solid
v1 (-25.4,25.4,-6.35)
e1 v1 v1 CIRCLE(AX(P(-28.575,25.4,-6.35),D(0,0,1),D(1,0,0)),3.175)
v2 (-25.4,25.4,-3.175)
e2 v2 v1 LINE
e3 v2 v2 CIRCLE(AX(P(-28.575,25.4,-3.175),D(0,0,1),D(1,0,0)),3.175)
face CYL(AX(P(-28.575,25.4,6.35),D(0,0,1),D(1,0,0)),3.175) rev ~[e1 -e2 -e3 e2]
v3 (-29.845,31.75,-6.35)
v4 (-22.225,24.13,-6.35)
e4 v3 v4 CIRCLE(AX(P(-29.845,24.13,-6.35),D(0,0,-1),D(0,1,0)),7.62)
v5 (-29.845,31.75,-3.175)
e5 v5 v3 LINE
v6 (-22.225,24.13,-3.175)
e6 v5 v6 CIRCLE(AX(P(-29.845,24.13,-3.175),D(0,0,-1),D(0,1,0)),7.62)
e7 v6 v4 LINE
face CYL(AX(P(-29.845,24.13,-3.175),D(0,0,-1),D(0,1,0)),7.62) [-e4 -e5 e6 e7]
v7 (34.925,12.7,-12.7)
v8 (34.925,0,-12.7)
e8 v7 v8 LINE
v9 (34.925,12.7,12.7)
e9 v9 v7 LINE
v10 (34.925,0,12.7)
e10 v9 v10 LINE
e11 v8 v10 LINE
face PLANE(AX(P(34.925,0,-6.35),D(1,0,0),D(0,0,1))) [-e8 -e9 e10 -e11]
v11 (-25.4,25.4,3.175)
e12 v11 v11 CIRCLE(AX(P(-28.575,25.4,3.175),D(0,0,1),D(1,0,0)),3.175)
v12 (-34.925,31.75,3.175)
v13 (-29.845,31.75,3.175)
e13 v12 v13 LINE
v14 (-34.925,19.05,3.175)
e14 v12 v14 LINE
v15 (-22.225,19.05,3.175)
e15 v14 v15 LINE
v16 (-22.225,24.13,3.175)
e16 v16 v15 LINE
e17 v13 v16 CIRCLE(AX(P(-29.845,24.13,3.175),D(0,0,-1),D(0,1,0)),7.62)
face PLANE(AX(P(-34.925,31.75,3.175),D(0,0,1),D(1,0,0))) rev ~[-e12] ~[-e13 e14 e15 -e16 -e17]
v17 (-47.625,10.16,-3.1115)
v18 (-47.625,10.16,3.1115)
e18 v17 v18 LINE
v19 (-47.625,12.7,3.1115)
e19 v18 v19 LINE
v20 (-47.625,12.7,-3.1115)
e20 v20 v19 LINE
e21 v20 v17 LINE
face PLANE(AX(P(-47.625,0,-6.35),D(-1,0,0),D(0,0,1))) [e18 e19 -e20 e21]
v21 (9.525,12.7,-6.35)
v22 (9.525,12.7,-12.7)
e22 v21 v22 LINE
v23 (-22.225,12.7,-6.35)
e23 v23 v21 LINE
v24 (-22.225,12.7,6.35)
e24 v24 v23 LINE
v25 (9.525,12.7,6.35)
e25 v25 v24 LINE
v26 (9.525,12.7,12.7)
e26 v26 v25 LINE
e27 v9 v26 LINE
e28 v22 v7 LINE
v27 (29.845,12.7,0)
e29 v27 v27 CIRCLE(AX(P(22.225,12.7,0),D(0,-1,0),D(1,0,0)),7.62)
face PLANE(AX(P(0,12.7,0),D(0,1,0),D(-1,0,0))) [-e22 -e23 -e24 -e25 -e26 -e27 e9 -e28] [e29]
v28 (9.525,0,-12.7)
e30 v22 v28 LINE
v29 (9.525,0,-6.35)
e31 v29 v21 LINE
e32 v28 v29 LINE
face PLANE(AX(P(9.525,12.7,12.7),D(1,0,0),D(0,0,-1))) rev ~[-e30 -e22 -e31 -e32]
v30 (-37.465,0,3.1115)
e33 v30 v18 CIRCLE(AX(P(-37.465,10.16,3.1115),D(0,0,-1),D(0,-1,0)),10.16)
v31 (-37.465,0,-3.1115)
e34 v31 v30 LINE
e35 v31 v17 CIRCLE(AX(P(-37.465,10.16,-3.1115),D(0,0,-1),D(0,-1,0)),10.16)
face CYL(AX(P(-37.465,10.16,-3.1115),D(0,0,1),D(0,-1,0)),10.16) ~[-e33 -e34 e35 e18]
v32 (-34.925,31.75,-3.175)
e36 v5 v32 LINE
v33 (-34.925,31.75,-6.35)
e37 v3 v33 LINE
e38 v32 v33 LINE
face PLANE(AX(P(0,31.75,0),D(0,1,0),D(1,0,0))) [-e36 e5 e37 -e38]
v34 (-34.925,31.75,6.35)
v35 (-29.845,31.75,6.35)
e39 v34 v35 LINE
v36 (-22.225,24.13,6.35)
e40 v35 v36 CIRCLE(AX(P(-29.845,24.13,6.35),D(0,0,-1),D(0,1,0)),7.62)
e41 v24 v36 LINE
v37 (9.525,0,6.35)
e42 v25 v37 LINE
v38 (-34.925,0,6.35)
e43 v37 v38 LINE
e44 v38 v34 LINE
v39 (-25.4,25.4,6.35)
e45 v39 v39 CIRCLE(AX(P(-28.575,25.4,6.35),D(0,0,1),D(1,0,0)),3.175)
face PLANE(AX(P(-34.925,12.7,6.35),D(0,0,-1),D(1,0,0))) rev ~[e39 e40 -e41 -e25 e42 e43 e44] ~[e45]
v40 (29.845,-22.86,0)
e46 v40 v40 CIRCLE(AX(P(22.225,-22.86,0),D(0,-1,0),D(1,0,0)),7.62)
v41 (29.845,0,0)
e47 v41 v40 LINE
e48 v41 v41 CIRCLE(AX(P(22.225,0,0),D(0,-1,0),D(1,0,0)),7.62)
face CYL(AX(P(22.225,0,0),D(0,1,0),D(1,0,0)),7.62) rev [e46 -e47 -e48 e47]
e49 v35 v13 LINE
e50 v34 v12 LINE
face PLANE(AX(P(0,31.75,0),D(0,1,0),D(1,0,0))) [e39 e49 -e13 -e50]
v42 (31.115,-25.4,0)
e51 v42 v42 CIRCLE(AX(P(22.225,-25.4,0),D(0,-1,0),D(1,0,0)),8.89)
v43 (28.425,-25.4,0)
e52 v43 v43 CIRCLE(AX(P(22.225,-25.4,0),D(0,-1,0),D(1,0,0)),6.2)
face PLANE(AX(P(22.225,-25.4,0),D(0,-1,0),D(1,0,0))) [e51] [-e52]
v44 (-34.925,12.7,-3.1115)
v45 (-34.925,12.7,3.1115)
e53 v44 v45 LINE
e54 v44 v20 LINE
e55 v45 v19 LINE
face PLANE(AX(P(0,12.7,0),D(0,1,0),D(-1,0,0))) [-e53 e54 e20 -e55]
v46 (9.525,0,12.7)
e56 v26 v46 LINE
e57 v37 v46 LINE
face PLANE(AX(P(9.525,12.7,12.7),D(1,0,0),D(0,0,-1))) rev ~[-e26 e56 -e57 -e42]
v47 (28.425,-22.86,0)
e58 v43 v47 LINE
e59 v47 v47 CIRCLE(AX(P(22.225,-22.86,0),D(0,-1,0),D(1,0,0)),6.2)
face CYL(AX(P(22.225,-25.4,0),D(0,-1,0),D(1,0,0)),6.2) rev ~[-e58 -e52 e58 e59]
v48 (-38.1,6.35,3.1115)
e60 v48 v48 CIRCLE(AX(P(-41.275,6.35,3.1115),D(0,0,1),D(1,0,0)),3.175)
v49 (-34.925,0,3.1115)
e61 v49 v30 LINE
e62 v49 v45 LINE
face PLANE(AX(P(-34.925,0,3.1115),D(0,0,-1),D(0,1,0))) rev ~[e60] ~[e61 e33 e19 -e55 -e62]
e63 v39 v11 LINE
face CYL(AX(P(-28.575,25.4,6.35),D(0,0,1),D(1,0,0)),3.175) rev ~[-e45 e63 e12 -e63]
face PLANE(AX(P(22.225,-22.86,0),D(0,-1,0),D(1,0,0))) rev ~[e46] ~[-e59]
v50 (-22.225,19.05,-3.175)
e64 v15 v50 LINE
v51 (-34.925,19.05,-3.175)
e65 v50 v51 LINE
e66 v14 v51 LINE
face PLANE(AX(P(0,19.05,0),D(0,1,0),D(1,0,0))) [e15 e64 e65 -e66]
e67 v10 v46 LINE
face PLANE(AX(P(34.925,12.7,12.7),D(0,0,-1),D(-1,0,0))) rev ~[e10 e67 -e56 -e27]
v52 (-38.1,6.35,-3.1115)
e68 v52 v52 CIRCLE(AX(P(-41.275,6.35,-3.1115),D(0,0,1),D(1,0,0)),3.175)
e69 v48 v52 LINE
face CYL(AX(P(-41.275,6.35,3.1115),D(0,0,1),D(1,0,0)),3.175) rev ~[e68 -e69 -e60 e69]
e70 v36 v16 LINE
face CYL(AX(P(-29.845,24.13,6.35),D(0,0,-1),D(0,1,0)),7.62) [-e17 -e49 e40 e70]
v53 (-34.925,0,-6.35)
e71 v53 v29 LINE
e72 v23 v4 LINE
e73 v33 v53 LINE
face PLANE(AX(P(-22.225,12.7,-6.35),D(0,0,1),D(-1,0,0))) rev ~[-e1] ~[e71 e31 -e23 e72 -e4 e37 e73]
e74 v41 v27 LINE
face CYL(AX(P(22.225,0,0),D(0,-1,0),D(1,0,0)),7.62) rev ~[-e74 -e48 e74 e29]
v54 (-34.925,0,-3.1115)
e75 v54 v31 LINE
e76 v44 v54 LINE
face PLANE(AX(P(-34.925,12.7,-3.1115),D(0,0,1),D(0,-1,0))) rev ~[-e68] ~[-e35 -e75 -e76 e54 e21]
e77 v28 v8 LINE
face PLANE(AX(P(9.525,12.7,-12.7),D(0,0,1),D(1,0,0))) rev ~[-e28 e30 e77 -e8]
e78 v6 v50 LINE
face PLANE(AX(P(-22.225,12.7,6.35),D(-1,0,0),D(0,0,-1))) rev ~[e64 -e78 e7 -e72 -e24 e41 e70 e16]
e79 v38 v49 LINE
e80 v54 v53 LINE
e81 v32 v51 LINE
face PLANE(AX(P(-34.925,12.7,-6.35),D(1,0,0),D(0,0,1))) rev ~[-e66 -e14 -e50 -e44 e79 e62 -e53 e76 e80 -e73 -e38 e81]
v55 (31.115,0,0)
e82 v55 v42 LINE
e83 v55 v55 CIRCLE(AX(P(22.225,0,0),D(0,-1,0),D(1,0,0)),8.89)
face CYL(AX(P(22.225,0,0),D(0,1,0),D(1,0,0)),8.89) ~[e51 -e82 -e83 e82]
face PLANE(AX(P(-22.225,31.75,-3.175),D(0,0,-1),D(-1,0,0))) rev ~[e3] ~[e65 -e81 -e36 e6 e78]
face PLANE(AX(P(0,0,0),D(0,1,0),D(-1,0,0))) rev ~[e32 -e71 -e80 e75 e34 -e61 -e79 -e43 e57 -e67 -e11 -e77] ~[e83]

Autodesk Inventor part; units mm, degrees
ref_plane "YZ Plane" through (0, 0, 0) normal (1, 0, 0) x (0, 1, 0)
ref_plane "XZ Plane" through (0, 0, 0) normal (0, 1, 0) x (-1, 0, 0)
ref_plane "XY Plane" through (0, 0, 0) normal (0, 0, 1) x (1, 0, 0)
sketch "Sketch1" plane through (0, 0, 0) normal (0, 1, 0) x (-1, 0, 0)
  line L0 (-34.925, 6.35) -> (34.925, 6.35)
  line L1 (34.925, 6.35) -> (34.925, -6.35)
  line L2 (34.925, -6.35) -> (-34.925, -6.35)
  line L3 (-34.925, -6.35) -> (-34.925, 6.35)
  line L4 (-34.925, 6.35) -> (34.925, -6.35) construction
  line L5 (34.925, 6.35) -> (-34.925, -6.35) construction
  point P0 (0, 0)
  dimension "d0" = 69.85
  dimension "d1" = 12.7
extrude "Extrusion1" add sketch "Sketch1" along normal blind 12.7
sketch "Sketch2" plane through (-34.925, 0, -6.35) normal (-1, 0, 0) x (0, 0, 1)
  line L0 (0, 12.7) -> (12.7, 12.7) projected
  line L1 (3.2385, 0) -> (9.4615, 0)
  line L2 (9.4615, 0) -> (9.4615, 12.7)
  line L3 (9.4615, 12.7) -> (3.2385, 12.7)
  line L4 (3.2385, 12.7) -> (3.2385, 0)
  line L5 (3.2385, 0) -> (9.4615, 12.7) construction
  line L6 (9.4615, 0) -> (3.2385, 12.7) construction
  line L7 (12.7, 0) -> (12.7, 12.7) projected
  point P0 (6.35, 0)
  point P1 (6.35, 6.35)
  dimension "d4" = 6.223
  dimension "d5" = 12.7
  dimension "d6" = 3.2385
extrude "Extrusion2" add sketch "Sketch2" along normal blind 12.7
fillet "Fillet1" radius 10.16 1 edges at (-47.625, 0, 0)
sketch "Sketch3" plane through (-34.925, 0, 3.1115) normal (0, 0, 1) x (1, 0, 0)
  circle A0 centre (-6.35, 6.35) radius 3.175
  line L0 (0, 12.7) -> (-12.7, 12.7) projected
  line L1 (-12.7, 10.16) -> (-12.7, 12.7) projected
  point P0 (34.925, 0)
  dimension "d10" = 6.35
  dimension "d41" = 6.35
  dimension "d42" = 6.35
extrude "Extrusion3" cut sketch "Sketch3" against normal blind 12.7
sketch "Sketch4" plane through (0, 12.7, 0) normal (0, 1, 0) x (1, 0, 0)
  line L0 (-34.925, -3.1115) -> (-34.925, -6.35) projected
  line L1 (34.925, 6.35) -> (-34.925, 6.35) projected
  line L2 (-34.925, -6.35) -> (-22.225, -6.35)
  line L3 (-22.225, -6.35) -> (-22.225, 6.35)
  line L4 (-22.225, 6.35) -> (-34.925, 6.35)
  line L5 (-34.925, 6.35) -> (-34.925, -6.35)
  point P0 (0, 0)
  point P1 (-34.925, 6.35)
  dimension "d13" = 12.7
extrude "Extrusion4" add sketch "Sketch4" along normal blind 19.05
sketch "Sketch5" plane through (0, 31.75, 0) normal (0, 1, 0) x (1, 0, 0)
  line L0 (-34.925, -3.1115) -> (-34.925, -6.35) projected
  line L1 (-22.225, -6.35) -> (-22.225, 6.35) projected
  line L2 (-34.925, -3.175) -> (-22.225, -3.175)
  line L3 (-22.225, -3.175) -> (-22.225, 3.175)
  line L4 (-22.225, 3.175) -> (-34.925, 3.175)
  line L5 (-34.925, 3.175) -> (-34.925, -3.175)
  line L6 (-34.925, -6.35) -> (-22.225, -6.35) projected
  point P0 (0, 0)
  point P1 (-28.575, -6.35)
  dimension "d16" = 6.35
  dimension "d17" = 3.175
extrude "Extrusion5" cut sketch "Sketch5" against normal blind 12.7 contours L5 L4 L1 L2 L0
sketch "Sketch6" plane through (-34.925, 0, 6.35) normal (0, 0, 1) x (1, 0, 0)
  circle A0 centre (6.35, 25.4) radius 3.175
  line L0 (0, 31.75) -> (12.7, 31.75) projected
  line L1 (0, 0) -> (0, 31.75) projected
  point P0 (34.925, 0)
  dimension "d20" = 6.35
  dimension "d21" = 6.35
  dimension "d43" = 6.35
extrude "Extrusion6" cut sketch "Sketch6" against normal blind 12.7
sketch "Sketch7" plane through (0, 12.7, 0) normal (0, 1, 0) x (1, 0, 0)
  line L0 (34.925, -12.7) -> (9.525, -12.7)
  line L1 (9.525, -12.7) -> (9.525, 12.7)
  line L2 (9.525, 12.7) -> (34.925, 12.7)
  line L3 (34.925, 12.7) -> (34.925, -12.7)
  line L4 (34.925, -6.35) -> (34.925, 6.35) projected
  line L5 (-22.225, -6.35) -> (34.925, -6.35) projected
  point P0 (0, 0)
  dimension "d24" = 25.4
  dimension "d25" = 25.4
  dimension "d26" = 25.4
  dimension "d27" = 6.35
extrude "Extrusion7" add sketch "Sketch7" against normal blind 12.7
sketch "Sketch8" plane through (0, 0, 0) normal (0, -1, 0) x (1, 0, 0)
  circle A0 centre (22.225, 0) radius 8.89
  circle A1 centre (22.225, 0) radius 7.62
  line L0 (34.925, 12.7) -> (34.925, -12.7) projected
  point P0 (0, 0)
  dimension "d30" = 17.78
  dimension "d31" = 15.24
  dimension "d39" = 12.7
extrude "Extrusion8" add sketch "Sketch8" along normal blind 25.4
sketch "Sketch9" plane through (22.225, -25.4, 0) normal (0, -1, 0) x (1, 0, 0)
  circle A0 centre (0, 0) radius 6.2
  circle A1 centre (0, 0) radius 7.62
  point P0 (-22.225, 0)
  dimension "d34" = 12.4
  dimension "d45" = 15.24
extrude "Extrusion9" add sketch "Sketch9" against normal blind 2.54
sketch "Sketch10" plane through (22.225, 0, 0) normal (0, -1, 0) x (1, 0, 0)
  circle A0 centre (0, 0) radius 7.62
  point P0 (-22.225, 0)
extrude "Extrusion10" cut sketch "Sketch10" against normal blind 25.4
fillet "Fillet2" radius 7.62 2 edges at (-22.225, 31.75, 4.7625) (-22.225, 31.75, -4.7625)
properties part number "Press_Lower_Arm"
